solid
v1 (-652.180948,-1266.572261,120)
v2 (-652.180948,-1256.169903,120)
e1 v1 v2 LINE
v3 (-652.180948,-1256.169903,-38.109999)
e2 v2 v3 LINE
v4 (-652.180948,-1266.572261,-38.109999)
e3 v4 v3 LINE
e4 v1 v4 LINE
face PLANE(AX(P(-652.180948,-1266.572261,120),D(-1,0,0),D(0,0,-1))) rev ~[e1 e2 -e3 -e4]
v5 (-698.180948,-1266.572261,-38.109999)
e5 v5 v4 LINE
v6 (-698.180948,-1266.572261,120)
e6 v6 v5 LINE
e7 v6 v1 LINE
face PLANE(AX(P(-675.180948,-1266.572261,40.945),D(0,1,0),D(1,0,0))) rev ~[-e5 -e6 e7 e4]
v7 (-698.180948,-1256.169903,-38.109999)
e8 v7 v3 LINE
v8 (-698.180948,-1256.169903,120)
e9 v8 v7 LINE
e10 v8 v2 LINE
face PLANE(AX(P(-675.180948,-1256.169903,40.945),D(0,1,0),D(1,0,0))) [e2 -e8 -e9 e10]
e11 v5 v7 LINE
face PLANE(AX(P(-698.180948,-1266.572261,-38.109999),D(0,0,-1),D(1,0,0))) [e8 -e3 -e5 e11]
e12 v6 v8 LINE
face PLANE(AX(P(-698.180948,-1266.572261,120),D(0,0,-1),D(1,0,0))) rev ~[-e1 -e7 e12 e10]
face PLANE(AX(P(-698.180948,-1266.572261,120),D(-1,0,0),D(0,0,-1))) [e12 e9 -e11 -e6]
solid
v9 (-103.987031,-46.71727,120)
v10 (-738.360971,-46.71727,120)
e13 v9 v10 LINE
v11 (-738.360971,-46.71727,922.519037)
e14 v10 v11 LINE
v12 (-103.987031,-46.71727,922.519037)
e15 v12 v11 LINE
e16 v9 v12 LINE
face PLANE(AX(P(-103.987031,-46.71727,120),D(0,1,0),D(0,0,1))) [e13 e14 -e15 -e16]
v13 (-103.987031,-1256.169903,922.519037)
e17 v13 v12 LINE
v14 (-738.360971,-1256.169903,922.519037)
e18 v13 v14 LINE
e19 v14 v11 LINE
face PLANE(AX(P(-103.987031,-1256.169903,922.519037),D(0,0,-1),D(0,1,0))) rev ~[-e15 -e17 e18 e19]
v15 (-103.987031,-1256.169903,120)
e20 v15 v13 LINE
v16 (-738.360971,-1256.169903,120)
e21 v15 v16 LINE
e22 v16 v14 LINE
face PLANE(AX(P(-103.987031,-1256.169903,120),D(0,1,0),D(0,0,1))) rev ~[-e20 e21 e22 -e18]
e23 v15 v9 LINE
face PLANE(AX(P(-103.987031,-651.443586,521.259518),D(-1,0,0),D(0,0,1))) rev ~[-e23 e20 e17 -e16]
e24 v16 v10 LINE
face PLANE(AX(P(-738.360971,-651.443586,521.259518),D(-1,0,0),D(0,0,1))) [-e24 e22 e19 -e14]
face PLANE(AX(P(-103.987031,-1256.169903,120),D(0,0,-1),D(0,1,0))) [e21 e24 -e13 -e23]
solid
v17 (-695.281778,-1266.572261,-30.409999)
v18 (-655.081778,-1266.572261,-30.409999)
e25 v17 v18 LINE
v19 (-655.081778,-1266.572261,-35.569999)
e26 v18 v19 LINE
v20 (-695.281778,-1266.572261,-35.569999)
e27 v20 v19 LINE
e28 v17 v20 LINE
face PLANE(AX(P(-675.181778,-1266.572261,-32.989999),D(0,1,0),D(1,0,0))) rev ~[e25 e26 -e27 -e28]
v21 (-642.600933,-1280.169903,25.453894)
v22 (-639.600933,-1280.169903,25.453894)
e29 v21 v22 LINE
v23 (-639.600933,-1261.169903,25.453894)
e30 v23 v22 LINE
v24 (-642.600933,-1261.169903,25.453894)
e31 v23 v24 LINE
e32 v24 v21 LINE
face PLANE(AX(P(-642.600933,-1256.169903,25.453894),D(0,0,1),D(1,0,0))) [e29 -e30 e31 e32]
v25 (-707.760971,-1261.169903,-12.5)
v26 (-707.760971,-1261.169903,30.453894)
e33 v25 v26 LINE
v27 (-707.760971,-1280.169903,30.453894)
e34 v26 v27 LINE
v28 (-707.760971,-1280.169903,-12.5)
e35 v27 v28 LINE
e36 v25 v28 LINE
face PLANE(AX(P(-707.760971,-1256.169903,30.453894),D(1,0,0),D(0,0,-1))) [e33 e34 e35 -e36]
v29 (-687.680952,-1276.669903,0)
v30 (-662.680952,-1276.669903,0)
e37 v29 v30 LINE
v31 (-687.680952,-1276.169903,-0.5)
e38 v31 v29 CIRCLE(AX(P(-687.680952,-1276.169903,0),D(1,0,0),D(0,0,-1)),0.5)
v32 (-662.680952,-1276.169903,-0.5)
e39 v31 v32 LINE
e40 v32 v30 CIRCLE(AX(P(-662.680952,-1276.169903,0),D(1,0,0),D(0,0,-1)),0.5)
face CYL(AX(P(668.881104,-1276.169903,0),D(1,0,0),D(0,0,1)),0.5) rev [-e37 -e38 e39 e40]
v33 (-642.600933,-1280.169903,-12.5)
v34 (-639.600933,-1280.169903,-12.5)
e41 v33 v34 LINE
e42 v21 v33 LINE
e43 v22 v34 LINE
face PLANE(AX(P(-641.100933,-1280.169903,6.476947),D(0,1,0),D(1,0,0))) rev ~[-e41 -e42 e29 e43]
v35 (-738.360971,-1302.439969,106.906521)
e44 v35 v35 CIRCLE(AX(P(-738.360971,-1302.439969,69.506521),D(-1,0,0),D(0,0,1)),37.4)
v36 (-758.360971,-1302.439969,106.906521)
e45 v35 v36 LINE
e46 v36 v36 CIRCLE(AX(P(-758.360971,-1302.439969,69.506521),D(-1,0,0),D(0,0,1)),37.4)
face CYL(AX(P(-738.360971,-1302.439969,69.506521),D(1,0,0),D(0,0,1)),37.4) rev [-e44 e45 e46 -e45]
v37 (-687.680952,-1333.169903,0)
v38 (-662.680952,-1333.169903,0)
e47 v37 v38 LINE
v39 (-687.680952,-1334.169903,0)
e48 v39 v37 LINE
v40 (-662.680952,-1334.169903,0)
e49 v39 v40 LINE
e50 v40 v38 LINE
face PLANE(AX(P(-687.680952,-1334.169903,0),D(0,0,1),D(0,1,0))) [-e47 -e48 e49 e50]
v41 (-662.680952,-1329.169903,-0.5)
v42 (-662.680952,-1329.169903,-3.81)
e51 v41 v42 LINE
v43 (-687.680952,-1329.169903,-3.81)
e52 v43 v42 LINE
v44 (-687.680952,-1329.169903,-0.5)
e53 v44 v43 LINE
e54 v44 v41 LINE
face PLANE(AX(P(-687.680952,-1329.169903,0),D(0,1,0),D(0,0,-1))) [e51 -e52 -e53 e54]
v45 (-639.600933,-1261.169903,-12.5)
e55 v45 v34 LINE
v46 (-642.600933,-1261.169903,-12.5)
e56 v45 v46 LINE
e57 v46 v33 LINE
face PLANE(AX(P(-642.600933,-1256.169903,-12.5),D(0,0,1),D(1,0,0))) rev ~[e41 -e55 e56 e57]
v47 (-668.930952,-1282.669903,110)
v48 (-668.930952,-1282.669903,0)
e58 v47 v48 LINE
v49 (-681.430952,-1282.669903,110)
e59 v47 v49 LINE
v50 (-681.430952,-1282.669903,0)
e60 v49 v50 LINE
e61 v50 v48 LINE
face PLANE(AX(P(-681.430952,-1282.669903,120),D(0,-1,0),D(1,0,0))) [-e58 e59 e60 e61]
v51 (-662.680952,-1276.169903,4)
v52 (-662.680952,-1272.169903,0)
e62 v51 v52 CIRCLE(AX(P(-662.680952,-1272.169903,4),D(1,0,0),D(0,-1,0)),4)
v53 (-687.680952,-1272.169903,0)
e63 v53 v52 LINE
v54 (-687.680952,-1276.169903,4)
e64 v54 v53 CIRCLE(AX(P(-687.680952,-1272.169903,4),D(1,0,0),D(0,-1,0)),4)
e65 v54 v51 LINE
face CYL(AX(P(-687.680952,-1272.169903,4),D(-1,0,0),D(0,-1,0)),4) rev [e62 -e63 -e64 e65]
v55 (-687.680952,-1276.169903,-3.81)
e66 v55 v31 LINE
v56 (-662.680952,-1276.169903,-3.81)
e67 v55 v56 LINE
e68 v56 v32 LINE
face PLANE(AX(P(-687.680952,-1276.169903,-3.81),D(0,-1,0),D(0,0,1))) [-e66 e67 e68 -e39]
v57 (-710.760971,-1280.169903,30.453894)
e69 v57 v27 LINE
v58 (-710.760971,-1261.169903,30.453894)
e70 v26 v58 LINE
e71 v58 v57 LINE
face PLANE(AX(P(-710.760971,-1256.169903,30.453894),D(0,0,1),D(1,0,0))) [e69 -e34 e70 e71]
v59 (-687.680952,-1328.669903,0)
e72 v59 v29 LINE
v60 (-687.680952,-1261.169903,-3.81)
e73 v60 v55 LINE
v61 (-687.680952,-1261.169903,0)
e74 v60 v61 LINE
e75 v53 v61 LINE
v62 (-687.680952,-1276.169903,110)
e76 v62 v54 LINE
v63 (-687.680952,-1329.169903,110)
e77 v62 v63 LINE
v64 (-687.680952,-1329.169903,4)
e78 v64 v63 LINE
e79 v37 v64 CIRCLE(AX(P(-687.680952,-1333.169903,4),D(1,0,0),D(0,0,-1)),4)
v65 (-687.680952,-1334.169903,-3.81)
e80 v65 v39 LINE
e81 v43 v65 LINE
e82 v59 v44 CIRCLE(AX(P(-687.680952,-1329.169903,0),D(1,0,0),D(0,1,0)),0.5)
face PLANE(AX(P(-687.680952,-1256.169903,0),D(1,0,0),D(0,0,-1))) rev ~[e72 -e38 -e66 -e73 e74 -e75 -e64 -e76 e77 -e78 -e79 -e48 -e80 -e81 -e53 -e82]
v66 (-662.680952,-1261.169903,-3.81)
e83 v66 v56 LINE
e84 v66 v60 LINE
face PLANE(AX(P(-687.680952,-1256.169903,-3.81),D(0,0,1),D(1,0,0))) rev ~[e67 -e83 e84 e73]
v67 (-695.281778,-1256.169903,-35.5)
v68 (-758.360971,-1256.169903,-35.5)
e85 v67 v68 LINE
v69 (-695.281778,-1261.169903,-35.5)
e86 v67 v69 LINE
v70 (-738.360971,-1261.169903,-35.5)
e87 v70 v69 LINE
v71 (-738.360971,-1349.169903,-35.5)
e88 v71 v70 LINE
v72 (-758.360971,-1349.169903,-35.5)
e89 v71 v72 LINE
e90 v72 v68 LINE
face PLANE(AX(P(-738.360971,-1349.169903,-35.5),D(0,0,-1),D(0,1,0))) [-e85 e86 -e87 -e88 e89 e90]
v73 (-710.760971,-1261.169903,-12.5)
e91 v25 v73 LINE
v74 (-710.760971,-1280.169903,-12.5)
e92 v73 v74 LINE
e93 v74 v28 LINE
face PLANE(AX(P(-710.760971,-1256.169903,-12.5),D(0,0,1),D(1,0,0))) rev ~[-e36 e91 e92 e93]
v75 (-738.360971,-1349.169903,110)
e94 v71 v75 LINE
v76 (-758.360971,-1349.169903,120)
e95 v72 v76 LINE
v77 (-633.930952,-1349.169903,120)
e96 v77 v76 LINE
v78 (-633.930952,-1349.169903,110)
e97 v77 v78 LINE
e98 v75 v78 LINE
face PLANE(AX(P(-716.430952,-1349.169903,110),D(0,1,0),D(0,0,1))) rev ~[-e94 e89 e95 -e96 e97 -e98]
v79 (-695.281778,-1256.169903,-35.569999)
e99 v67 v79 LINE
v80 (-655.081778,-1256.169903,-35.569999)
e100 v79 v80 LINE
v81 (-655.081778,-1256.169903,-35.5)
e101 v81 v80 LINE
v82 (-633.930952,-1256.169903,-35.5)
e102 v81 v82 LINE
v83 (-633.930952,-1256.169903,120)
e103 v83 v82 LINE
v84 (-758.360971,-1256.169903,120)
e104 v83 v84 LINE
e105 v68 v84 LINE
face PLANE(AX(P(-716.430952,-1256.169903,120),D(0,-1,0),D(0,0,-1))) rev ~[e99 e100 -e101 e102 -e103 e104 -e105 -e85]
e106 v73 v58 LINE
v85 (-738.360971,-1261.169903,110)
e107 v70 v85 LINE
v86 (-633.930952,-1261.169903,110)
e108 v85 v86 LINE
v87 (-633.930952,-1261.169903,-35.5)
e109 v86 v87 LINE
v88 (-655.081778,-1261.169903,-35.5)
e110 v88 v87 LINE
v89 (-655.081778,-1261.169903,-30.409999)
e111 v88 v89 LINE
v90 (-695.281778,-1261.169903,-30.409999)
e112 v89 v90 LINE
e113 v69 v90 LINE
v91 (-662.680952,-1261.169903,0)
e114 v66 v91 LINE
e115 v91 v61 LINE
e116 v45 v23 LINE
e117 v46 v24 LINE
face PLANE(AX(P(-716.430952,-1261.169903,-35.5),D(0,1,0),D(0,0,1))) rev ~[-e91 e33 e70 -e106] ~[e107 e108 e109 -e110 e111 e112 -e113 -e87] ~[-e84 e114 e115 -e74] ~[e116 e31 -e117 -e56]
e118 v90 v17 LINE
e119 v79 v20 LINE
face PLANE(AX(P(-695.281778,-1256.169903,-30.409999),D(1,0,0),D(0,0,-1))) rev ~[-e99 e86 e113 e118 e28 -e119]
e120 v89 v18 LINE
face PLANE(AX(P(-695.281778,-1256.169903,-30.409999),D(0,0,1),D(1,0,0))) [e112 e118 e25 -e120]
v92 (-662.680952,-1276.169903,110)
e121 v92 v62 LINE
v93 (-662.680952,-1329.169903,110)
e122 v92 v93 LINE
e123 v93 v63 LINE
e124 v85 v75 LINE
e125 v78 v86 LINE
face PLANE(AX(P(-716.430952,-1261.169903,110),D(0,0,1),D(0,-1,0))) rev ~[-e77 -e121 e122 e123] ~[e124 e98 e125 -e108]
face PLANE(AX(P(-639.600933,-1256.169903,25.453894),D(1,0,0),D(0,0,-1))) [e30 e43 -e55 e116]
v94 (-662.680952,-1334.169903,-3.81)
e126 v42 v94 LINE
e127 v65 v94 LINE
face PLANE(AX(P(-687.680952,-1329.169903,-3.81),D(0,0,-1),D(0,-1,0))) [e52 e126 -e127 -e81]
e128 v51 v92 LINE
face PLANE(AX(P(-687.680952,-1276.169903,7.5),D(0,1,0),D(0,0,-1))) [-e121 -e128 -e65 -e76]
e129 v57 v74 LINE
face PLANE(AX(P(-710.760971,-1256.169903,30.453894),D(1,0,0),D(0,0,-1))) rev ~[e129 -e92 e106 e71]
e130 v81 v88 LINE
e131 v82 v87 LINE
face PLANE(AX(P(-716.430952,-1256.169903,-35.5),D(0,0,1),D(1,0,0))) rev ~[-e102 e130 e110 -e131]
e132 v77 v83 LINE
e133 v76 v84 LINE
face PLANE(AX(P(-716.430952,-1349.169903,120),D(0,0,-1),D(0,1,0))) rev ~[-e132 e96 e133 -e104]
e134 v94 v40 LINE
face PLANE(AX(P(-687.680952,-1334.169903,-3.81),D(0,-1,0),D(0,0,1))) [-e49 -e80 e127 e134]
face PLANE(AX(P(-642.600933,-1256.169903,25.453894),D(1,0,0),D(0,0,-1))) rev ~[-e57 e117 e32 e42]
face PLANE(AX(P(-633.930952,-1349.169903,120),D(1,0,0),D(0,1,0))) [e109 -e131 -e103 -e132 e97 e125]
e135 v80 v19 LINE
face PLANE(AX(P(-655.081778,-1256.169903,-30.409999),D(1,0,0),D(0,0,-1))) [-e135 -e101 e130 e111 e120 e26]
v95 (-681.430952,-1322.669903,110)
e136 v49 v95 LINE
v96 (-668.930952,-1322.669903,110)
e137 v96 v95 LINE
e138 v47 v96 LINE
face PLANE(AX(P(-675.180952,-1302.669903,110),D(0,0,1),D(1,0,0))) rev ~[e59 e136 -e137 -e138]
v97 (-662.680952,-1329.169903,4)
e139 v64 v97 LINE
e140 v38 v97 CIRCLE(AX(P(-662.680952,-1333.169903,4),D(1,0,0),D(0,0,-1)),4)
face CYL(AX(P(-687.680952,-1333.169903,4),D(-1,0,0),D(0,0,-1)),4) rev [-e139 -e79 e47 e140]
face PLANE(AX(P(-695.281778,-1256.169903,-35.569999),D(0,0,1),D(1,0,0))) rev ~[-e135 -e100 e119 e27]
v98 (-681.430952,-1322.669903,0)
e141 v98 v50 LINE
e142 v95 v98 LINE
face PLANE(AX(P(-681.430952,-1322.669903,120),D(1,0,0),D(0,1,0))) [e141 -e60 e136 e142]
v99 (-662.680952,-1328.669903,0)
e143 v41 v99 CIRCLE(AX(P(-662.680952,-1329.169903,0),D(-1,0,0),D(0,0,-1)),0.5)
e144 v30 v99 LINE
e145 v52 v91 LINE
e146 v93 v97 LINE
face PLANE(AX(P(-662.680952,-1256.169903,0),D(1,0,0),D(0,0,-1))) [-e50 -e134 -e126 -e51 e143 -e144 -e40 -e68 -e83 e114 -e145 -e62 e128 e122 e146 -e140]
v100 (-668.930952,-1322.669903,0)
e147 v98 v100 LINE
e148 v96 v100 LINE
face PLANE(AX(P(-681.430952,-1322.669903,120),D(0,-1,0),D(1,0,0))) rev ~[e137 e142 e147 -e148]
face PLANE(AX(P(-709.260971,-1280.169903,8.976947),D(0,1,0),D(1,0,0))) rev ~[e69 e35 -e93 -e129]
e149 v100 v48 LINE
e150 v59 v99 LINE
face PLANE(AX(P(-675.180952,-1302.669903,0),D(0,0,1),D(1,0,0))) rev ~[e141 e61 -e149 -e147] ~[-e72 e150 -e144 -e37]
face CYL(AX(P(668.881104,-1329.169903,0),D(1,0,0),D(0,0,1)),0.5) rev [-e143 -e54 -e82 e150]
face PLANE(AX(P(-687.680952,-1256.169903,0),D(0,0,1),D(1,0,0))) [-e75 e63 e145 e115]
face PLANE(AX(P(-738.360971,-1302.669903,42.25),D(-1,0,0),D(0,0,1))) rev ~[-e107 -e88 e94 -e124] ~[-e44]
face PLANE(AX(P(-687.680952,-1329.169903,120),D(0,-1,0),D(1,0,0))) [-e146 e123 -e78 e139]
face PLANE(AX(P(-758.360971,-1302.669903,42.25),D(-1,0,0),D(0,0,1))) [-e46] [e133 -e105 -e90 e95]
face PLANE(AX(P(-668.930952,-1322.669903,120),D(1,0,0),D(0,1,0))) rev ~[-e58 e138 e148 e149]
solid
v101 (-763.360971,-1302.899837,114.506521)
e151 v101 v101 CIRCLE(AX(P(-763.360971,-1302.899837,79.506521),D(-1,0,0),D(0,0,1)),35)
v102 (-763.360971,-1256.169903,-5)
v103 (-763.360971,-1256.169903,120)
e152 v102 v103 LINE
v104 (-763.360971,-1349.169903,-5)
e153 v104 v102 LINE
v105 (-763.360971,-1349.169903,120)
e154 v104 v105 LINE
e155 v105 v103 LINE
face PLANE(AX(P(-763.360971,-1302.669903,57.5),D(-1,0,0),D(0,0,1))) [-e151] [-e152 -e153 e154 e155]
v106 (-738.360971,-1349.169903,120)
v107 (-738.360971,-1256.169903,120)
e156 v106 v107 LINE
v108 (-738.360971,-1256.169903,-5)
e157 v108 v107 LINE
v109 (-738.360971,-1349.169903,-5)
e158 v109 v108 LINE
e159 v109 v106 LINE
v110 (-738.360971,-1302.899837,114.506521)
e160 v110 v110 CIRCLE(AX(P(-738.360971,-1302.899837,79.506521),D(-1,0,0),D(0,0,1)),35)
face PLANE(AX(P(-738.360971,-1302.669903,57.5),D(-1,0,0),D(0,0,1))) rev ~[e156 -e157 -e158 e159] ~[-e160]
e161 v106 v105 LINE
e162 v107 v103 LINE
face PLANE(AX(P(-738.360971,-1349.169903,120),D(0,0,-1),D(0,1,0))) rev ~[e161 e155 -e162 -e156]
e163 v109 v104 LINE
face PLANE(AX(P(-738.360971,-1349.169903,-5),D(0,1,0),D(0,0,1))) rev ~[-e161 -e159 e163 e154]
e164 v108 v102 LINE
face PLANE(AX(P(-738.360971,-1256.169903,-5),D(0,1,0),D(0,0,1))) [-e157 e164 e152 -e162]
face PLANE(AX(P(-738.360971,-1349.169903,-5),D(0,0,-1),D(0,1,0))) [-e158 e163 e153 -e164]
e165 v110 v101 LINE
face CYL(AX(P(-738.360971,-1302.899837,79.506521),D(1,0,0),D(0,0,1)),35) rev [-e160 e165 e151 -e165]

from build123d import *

# Parameters (mm, degrees)
SKETCH3_W               = 25
SKETCH3_H               = 53
SKETCH3_W_2             = 12.5
SKETCH3_H_2             = 40
BOSS_EXTRUDE1_DEPTH     = 120
SKETCH4_W               = 82.5
SKETCH4_H               = 93
BOSS_EXTRUDE2_DEPTH     = 10
BOSS_EXTRUDE3_DEPTH     = 25
CUT_EXTRUDE1_DEPTH      = 1356.562056513
CUT_EXTRUDE1_DEPTH_BACK = 1356.562056513
SKETCH10_R              = 0.5
SKETCH11_W              = 25
SKETCH11_H              = 3.81
BOSS_EXTRUDE11_DEPTH    = 15
SKETCH12_W              = 3
SKETCH12_H              = 42.953894286
BOSS_EXTRUDE12_DEPTH    = 24
SKETCH12_H_2            = 37.953894286
BOSS_EXTRUDE12_2_DEPTH  = 24
SKETCH13_W              = 40.2
SKETCH13_H              = 5.16
BOSS_EXTRUDE13_DEPTH    = 10.402357812
SKETCH14_W              = 82.5
SKETCH14_H              = 155.5
BOSS_EXTRUDE14_DEPTH    = 5
SKETCH15_W              = 155.5
SKETCH15_H              = 93
SKETCH15_R              = 37.4
BOSS_EXTRUDE15_DEPTH    = 20
BOSS_EXTRUDE16_DEPTH    = 21.930019373
SKETCH6_W               = 125
SKETCH6_H               = 93
SKETCH6_R               = 35
BOSS_EXTRUDE4_DEPTH     = 25
SKETCH7_W               = 802.519036646
SKETCH7_H               = 1209.452633117
BOSS_EXTRUDE5_DEPTH     = 634.373940653
SKETCH9_W               = 46
SKETCH9_H               = 158.10999934
BOSS_EXTRUDE7_DEPTH     = 10.402357812


with BuildPart() as part:
    # Sketch3 → Boss-Extrude1 (new body)
    with BuildSketch(Plane.XY.offset(120)):
        with Locations((-675.180952072, -1302.669902776)):
            Rectangle(SKETCH3_W, SKETCH3_H)
        with Locations((-675.180952072, -1302.669902776)):
            Rectangle(SKETCH3_W_2, SKETCH3_H_2, mode=Mode.SUBTRACT)
    extrude(amount=-BOSS_EXTRUDE1_DEPTH)

    # Sketch4 → Boss-Extrude2 (add)
    with BuildSketch(Plane.XY.offset(120)):
        with Locations((-675.180952072, -1302.669902776)):
            Rectangle(SKETCH4_W, SKETCH4_H)
    extrude(amount=-BOSS_EXTRUDE2_DEPTH)

    # Sketch5 → Boss-Extrude3 (add)
    with BuildSketch(Plane.ZY.offset(687.680952072)):
        with BuildLine():
            Line((-3.81, -1276.169902776), (0, -1276.169902776))
            Line((0, -1276.169902776), (0, -1280.169902776))
            Line((0, -1280.169902776), (7.5, -1280.169902776))
            Line((7.5, -1280.169902776), (7.5, -1276.169902776))
            Line((7.5, -1276.169902776), (4, -1276.169902776))
            ThreePointArc((4, -1276.169902776), (1.171572875, -1274.998329901), (0, -1272.169902776))
            Line((0, -1272.169902776), (0, -1271.169902776))
            Line((0, -1271.169902776), (-3.81, -1271.169902776))
            Line((-3.81, -1271.169902776), (-3.81, -1276.169902776))
        make_face()
        with BuildLine():
            Line((7.5, -1329.169902776), (7.5, -1325.169902776))
            Line((7.5, -1325.169902776), (0, -1325.169902776))
            Line((0, -1325.169902776), (0, -1329.169902776))
            Line((0, -1329.169902776), (-3.81, -1329.169902776))
            Line((-3.81, -1329.169902776), (-3.81, -1334.169902776))
            Line((-3.81, -1334.169902776), (0, -1334.169902776))
            Line((0, -1334.169902776), (0, -1333.169902776))
            ThreePointArc((0, -1333.169902776), (1.171572875, -1330.341475652), (4, -1329.169902776))
            Line((4, -1329.169902776), (7.5, -1329.169902776))
        make_face()
    extrude(amount=-BOSS_EXTRUDE3_DEPTH)

    # Sketch10 → Cut-Extrude1 (cut, two sides: drawn at the far end of the back side and taken through both)
    with BuildSketch(Plane.ZY.offset(687.680952072).offset(-CUT_EXTRUDE1_DEPTH_BACK)):
        with Locations((0, -1329.169902776)):
            Circle(SKETCH10_R)
        with Locations((0, -1276.169902776)):
            Circle(SKETCH10_R)
    extrude(amount=CUT_EXTRUDE1_DEPTH + CUT_EXTRUDE1_DEPTH_BACK, mode=Mode.SUBTRACT)

    # Sketch11 → Boss-Extrude11 (add)
    with BuildSketch(Plane(origin=(0, -1256.169902776, 0), x_dir=(1, 0, 0), z_dir=(0, 1, 0))):
        with Locations((-675.180952072, 1.905)):
            Rectangle(SKETCH11_W, SKETCH11_H)
    extrude(amount=-BOSS_EXTRUDE11_DEPTH)



with BuildPart() as body_2:
    # Sketch12 → Boss-Extrude12 (new body)
    with BuildSketch(Plane(origin=(0, -1256.169902776, 0), x_dir=(1, 0, 0), z_dir=(0, 1, 0))):
        with Locations((-709.260971445, -8.976947143)):
            Rectangle(SKETCH12_W, SKETCH12_H)
    extrude(amount=-BOSS_EXTRUDE12_DEPTH)


with BuildPart() as body_3:
    # Sketch12 → Boss-Extrude12 2 (new body)
    with BuildSketch(Plane(origin=(0, -1256.169902776, 0), x_dir=(1, 0, 0), z_dir=(0, 1, 0))):
        with Locations((-641.100932699, -6.476947143)):
            Rectangle(SKETCH12_W, SKETCH12_H_2)
    extrude(amount=-BOSS_EXTRUDE12_2_DEPTH)


with BuildPart() as body_4:
    # Sketch13 → Boss-Extrude13 (new body)
    with BuildSketch(Plane(origin=(0, -1256.169902776, 0), x_dir=(1, 0, 0), z_dir=(0, 1, 0))):
        with Locations((-675.181777911, 32.98999934)):
            Rectangle(SKETCH13_W, SKETCH13_H)
    extrude(amount=-BOSS_EXTRUDE13_DEPTH)


with BuildPart() as part_1:
    add(part.part)

    add(body_2.part)  # Boss-Extrude14 merges body 2

    add(body_3.part)  # Boss-Extrude14 merges body 3

    add(body_4.part)  # Boss-Extrude14 merges body 4
    # Sketch14 → Boss-Extrude14 (add)
    with BuildSketch(Plane(origin=(0, -1256.169902776, 0), x_dir=(1, 0, 0), z_dir=(0, 1, 0))):
        with Locations((-675.180952072, -42.25)):
            Rectangle(SKETCH14_W, SKETCH14_H)
    extrude(amount=-BOSS_EXTRUDE14_DEPTH)



with BuildPart() as body_2_2:
    # Sketch15 → Boss-Extrude15 (new body)
    with BuildSketch(Plane.ZY.offset(738.360971445)):
        with Locations((42.25, -1302.669902776)):
            Rectangle(SKETCH15_W, SKETCH15_H)
        with Locations((69.506521341, -1302.439969052)):
            Circle(SKETCH15_R, mode=Mode.SUBTRACT)
    extrude(amount=BOSS_EXTRUDE15_DEPTH)


with BuildPart() as part_2:
    add(part_1.part)

    add(body_2_2.part)  # Boss-Extrude16 merges body 2 2
    # Sketch16 → Boss-Extrude16 (add)
    with BuildSketch(Plane.ZY.offset(716.430952072)):
        Polygon((110, -1349.169902776), (120, -1349.169902776), (120, -1256.169902776), (-35.5, -1256.169902776), (-35.5, -1261.169902776), (110, -1261.169902776), align=None)
    extrude(amount=BOSS_EXTRUDE16_DEPTH)


with BuildPart() as body_2_3:
    # Sketch6 → Boss-Extrude4 (new body)
    with BuildSketch(Plane.ZY.offset(738.360971445)):
        with Locations((57.5, -1302.669902776)):
            Rectangle(SKETCH6_W, SKETCH6_H)
        with Locations((79.506521341, -1302.899836501)):
            Circle(SKETCH6_R, mode=Mode.SUBTRACT)
    extrude(amount=BOSS_EXTRUDE4_DEPTH)


with BuildPart() as body_3_2:
    # Sketch7 → Boss-Extrude5 (new body)
    with BuildSketch(Plane.ZY.offset(103.987030792)):
        with Locations((521.259518323, -651.443586218)):
            Rectangle(SKETCH7_W, SKETCH7_H)
    extrude(amount=BOSS_EXTRUDE5_DEPTH)


with BuildPart() as body_4_2:
    # Sketch9 → Boss-Extrude7 (new body)
    with BuildSketch(Plane(origin=(0, -1266.572260588, 0), x_dir=(1, 0, 0), z_dir=(0, 1, 0))):
        with Locations((-675.180947929, -40.94500033)):
            Rectangle(SKETCH9_W, SKETCH9_H)
    extrude(amount=BOSS_EXTRUDE7_DEPTH)


solid = Compound([part_2.part, body_2_3.part, body_3_2.part, body_4_2.part])
